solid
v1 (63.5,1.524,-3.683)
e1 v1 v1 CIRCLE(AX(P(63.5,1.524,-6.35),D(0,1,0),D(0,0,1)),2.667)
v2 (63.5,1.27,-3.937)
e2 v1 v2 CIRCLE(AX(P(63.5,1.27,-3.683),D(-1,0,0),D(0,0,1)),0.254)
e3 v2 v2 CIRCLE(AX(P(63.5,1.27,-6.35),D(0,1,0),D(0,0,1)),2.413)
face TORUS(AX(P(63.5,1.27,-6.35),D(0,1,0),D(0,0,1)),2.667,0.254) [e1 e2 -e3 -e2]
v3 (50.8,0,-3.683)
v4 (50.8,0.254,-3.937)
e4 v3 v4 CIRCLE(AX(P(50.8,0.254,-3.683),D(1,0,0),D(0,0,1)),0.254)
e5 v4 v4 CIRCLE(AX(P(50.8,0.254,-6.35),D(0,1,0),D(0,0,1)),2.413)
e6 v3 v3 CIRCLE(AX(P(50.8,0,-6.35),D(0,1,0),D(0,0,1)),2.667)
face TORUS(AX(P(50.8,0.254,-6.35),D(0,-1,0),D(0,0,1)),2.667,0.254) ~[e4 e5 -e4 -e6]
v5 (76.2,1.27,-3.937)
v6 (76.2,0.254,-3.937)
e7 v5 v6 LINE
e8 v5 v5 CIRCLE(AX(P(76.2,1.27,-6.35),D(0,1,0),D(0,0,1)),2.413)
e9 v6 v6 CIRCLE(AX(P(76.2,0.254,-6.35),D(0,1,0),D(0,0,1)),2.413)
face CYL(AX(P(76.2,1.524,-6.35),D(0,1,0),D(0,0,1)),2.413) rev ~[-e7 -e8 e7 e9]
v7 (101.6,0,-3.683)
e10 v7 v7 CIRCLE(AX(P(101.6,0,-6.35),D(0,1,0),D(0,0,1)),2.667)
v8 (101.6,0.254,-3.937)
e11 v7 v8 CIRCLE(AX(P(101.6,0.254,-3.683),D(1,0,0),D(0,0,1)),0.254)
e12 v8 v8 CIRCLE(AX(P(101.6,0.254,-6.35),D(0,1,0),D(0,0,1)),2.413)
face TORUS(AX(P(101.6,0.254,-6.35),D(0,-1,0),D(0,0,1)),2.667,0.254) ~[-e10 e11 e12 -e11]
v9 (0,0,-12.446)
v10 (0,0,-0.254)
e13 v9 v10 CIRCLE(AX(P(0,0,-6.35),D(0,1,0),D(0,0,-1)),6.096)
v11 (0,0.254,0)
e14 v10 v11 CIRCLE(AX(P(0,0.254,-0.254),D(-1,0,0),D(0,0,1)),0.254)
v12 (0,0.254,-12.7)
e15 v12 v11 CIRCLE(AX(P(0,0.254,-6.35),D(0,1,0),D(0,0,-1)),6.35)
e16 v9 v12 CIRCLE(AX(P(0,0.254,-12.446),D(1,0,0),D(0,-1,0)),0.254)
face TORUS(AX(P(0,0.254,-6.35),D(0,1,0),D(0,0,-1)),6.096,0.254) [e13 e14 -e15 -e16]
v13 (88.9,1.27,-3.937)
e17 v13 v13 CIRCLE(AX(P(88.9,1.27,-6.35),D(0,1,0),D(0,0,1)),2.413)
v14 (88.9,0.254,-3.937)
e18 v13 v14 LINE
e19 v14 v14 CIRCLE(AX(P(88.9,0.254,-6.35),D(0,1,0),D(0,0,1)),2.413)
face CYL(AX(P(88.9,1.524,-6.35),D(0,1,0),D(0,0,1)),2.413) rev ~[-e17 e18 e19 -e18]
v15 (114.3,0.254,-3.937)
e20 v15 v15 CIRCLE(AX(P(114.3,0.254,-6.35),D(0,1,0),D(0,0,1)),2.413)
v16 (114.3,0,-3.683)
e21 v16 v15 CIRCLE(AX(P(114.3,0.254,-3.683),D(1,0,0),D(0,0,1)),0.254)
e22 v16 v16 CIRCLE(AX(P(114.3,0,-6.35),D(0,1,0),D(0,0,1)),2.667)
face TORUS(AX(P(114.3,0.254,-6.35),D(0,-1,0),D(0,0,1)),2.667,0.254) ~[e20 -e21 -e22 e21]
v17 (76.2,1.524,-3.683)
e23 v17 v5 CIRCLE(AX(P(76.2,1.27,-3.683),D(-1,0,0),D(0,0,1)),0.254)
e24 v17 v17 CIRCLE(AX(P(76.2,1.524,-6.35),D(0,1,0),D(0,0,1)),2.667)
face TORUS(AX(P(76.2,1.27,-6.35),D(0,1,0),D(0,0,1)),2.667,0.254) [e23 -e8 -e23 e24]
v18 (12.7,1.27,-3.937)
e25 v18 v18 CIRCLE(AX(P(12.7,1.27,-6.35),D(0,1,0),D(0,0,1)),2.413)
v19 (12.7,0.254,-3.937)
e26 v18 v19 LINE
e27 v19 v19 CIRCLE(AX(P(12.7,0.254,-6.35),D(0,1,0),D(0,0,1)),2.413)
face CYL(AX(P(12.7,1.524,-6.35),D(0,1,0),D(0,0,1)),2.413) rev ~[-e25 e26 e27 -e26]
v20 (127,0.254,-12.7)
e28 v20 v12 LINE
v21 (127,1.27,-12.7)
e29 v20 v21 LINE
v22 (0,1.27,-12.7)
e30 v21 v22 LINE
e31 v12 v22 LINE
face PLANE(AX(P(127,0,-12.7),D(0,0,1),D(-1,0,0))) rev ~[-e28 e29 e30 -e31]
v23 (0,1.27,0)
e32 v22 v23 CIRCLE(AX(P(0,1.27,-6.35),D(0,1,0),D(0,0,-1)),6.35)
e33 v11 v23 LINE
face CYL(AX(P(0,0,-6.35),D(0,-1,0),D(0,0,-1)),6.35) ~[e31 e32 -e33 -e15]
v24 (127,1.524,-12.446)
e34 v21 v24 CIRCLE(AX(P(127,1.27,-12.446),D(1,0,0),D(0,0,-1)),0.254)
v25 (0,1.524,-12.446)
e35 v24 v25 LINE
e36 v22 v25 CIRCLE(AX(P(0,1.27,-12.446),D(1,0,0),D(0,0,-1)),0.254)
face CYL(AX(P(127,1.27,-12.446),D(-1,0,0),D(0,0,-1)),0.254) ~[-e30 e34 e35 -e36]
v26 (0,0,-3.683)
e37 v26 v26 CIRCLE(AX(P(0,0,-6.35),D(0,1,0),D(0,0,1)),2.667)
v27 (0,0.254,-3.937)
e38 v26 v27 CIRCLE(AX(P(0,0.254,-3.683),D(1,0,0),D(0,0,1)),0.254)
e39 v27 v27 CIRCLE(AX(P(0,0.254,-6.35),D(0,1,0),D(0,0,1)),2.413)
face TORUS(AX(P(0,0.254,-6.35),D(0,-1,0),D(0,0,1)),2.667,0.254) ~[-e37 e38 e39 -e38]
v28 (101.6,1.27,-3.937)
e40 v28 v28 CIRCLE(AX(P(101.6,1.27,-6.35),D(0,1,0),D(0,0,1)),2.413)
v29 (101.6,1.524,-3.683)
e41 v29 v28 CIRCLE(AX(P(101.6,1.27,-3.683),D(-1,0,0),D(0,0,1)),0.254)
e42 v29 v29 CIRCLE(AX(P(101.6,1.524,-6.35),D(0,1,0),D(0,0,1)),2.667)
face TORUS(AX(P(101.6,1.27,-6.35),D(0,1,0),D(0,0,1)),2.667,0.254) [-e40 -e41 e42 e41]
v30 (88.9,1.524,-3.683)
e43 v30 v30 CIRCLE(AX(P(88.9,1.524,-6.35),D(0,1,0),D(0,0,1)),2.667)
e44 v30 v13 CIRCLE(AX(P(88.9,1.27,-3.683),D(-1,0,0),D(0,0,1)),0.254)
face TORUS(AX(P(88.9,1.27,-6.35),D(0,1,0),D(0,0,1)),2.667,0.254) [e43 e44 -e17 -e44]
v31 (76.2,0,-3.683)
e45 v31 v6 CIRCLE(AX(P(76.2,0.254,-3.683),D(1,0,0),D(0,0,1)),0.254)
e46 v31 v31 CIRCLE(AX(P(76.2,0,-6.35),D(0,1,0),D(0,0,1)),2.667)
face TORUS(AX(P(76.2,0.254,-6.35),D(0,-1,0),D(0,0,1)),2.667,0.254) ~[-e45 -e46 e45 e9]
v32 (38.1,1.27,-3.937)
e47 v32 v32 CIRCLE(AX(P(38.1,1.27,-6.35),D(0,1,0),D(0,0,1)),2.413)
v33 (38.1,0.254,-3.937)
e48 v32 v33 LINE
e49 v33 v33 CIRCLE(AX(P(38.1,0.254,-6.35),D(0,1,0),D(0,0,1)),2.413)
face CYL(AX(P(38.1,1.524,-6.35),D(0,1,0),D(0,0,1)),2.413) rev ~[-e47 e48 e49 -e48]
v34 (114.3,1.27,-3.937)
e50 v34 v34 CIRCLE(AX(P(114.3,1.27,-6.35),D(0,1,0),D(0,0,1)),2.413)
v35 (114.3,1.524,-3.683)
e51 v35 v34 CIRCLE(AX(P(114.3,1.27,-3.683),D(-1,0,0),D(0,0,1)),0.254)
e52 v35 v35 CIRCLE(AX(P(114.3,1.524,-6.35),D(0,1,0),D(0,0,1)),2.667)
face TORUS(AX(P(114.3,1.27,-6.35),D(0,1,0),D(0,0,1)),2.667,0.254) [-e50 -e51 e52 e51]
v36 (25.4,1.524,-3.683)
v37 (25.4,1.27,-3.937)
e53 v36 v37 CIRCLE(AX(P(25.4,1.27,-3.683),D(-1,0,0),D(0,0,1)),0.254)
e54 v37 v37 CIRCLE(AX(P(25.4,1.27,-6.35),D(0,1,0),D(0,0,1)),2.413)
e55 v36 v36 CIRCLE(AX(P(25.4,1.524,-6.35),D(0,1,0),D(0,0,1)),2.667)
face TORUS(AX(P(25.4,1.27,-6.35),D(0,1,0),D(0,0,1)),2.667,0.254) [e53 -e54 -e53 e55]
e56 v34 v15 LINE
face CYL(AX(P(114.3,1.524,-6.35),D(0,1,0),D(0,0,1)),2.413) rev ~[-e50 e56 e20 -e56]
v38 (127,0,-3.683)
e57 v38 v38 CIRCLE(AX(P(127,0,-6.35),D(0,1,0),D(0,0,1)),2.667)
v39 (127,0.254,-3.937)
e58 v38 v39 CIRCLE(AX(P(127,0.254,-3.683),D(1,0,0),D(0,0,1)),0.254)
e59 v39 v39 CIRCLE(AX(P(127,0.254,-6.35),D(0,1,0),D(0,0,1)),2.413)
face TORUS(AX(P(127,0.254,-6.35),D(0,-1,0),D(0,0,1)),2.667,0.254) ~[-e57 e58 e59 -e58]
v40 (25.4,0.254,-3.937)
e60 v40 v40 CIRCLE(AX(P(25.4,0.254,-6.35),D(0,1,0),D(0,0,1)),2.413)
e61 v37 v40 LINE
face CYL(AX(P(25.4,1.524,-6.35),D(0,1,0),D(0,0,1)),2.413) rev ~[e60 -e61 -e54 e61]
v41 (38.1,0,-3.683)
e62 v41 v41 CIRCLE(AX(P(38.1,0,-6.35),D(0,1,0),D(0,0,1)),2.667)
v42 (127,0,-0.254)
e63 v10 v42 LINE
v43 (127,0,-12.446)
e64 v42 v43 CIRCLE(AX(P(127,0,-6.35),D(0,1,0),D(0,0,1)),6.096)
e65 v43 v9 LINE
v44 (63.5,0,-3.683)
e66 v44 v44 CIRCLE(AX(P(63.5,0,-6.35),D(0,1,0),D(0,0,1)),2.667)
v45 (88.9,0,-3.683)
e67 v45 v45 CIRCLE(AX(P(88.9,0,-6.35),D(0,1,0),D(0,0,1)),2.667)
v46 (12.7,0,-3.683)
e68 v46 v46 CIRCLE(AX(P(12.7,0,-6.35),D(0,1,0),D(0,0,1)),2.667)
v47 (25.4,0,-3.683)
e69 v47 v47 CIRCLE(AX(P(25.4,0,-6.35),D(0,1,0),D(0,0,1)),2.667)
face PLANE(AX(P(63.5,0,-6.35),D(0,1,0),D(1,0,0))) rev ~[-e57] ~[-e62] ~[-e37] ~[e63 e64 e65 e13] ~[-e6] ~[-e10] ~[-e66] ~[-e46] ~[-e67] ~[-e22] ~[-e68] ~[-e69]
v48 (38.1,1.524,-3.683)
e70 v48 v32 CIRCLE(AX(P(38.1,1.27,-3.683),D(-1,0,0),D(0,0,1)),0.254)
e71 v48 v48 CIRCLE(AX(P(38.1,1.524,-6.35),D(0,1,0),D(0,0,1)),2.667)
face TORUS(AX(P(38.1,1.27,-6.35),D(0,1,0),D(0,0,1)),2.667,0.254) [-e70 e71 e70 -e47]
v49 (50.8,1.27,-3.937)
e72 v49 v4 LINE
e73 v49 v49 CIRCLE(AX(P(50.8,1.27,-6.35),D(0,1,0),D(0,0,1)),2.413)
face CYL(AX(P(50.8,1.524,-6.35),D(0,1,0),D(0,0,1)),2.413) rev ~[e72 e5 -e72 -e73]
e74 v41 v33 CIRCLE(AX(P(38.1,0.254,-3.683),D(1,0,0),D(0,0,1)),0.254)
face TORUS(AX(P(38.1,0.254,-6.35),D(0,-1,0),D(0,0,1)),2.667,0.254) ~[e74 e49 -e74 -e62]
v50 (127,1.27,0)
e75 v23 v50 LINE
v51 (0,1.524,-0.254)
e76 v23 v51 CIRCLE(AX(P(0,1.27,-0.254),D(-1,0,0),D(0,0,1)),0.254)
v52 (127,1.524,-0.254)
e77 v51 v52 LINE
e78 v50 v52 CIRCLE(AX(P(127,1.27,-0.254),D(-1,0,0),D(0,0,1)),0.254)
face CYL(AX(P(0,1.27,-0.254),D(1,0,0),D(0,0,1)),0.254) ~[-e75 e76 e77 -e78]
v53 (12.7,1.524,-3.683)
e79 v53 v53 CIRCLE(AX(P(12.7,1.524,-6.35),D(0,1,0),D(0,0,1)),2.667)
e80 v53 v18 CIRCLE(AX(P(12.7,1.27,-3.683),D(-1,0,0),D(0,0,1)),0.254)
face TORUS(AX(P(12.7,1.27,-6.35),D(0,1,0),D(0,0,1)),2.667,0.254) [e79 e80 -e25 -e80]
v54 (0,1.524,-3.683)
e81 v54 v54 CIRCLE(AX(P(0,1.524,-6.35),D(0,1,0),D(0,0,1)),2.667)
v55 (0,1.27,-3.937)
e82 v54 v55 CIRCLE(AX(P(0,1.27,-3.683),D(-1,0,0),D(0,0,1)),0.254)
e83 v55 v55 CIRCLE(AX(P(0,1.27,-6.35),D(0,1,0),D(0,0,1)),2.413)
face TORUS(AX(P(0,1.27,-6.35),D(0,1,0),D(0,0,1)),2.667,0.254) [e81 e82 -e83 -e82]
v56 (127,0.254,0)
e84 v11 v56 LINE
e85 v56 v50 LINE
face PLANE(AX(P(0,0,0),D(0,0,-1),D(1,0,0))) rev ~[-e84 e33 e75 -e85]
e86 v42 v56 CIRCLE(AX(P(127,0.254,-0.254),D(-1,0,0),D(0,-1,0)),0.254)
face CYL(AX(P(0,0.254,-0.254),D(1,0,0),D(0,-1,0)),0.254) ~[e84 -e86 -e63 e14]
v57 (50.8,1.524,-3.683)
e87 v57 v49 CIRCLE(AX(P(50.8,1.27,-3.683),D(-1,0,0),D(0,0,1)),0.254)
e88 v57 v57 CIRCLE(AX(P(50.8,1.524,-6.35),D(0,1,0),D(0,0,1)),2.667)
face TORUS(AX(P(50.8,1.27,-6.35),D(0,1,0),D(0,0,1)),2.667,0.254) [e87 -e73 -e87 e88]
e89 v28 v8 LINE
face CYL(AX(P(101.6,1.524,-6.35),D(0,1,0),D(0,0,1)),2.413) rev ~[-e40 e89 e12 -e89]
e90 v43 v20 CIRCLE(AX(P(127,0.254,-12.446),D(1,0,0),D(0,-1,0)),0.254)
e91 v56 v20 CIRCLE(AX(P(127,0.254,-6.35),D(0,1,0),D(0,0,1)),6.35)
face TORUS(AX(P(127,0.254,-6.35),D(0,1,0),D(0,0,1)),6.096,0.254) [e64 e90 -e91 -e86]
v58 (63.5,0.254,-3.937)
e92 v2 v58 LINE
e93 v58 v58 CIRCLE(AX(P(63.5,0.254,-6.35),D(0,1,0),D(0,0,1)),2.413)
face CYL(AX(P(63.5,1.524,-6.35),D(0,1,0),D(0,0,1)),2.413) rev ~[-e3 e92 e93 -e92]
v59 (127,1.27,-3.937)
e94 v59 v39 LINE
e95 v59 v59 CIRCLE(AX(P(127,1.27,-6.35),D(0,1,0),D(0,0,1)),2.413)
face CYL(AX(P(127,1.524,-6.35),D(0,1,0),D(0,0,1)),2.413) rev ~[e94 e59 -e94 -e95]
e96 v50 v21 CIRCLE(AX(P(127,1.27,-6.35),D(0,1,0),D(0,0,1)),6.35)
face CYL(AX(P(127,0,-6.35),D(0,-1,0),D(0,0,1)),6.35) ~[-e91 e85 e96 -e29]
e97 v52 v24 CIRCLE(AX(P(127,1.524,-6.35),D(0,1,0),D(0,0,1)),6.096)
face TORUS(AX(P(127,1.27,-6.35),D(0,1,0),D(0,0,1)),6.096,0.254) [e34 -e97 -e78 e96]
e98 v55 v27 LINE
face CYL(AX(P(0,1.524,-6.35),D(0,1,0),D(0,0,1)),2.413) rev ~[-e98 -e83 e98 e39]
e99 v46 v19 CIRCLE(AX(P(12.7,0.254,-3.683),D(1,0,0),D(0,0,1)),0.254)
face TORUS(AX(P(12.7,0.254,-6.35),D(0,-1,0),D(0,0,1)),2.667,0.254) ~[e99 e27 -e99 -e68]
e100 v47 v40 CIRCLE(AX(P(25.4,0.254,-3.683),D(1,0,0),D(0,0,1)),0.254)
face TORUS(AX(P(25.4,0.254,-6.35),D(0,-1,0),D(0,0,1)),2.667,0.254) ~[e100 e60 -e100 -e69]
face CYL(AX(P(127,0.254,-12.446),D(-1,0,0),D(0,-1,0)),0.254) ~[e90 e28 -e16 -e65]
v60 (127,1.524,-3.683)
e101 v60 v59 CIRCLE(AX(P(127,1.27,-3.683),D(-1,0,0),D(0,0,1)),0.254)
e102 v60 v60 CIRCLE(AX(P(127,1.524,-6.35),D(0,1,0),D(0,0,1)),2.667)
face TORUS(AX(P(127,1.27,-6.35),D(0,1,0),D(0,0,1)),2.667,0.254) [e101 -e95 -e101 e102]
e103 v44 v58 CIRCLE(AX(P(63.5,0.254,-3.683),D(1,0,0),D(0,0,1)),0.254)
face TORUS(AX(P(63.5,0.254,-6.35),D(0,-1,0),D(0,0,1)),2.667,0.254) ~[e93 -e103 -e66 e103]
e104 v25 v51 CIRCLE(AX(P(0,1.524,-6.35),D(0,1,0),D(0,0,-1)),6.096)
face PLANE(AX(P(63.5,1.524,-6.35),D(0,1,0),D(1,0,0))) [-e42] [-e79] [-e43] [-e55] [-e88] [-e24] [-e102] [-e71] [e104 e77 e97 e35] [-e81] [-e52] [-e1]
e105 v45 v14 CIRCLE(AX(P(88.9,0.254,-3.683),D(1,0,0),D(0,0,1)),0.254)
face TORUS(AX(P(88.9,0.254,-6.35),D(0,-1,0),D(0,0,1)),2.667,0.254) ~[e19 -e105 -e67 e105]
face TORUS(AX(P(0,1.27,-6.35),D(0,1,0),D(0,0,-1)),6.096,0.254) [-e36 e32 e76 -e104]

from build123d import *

# Parameters (mm, degrees)
EXTRUDE1_DEPTH     = 1.524
SKETCH2_R          = 2.413
CUT_EXTRUDE1_DEPTH = 134.96206581
LPATTERN1_COUNT    = 11
LPATTERN1_PITCH    = 12.7
FILLET1_R          = 0.254


with BuildPart() as part:
    # Sketch1 → Extrude1 (new body)
    with BuildSketch(Plane(origin=(0, 0, 0), x_dir=(1, 0, 0), z_dir=(0, 1, 0))):
        with BuildLine():
            Line((0, 0), (127, 0))
            ThreePointArc((127, 0), (133.35, 6.35), (127, 12.7))
            Line((127, 12.7), (0, 12.7))
            ThreePointArc((0, 12.7), (-6.35, 6.35), (0, 0))
        make_face()
    extrude(amount=EXTRUDE1_DEPTH)

    # Sketch2 → Cut-Extrude1 (cut, through all)
    with BuildSketch(Plane(origin=(0, 1.524, 0), x_dir=(-1, 0, 0), z_dir=(0, 1, 0))):
        with Locations(Location((0, -6.35, 0), (0, 0, 90))):
            Circle(SKETCH2_R)
    cut_extrude1 = extrude(amount=-CUT_EXTRUDE1_DEPTH, mode=Mode.SUBTRACT)

    # LPattern1: Cut-Extrude1 ×11
    with Locations(*[(i * LPATTERN1_PITCH, 0, 0) for i in range(1, LPATTERN1_COUNT)]):
        add(cut_extrude1, mode=Mode.SUBTRACT)

    # Fillet1
    fillet1_edges = [part.edges().sort_by_distance(p)[0] for p in [
        (133.35, 1.524, -6.35),
        (63.5, 1.524, -12.7),
        (0, 0, -8.763),
        (0, 1.524, -8.763),
        (12.7, 0, -8.763),
        (12.7, 1.524, -8.763),
        (25.4, 0, -8.763),
        (25.4, 1.524, -8.763),
        (38.1, 0, -8.763),
        (38.1, 1.524, -8.763),
        (50.8, 0, -8.763),
        (50.8, 1.524, -8.763),
        (63.5, 0, -8.763),
        (63.5, 1.524, -8.763),
        (76.2, 0, -8.763),
        (76.2, 1.524, -8.763),
        (-6.35, 1.524, -6.35),
        (63.5, 0, -12.7),
        (88.9, 0, -8.763),
        (88.9, 1.524, -8.763),
        (133.35, 0, -6.35),
        (101.6, 0, -8.763),
        (101.6, 1.524, -8.763),
        (63.5, 0, 0),
        (114.3, 0, -8.763),
        (114.3, 1.524, -8.763),
        (127, 0, -8.763),
        (-6.35, 0, -6.35),
        (127, 1.524, -8.763),
        (63.5, 1.524, 0),
    ]]
    fillet(fillet1_edges, radius=FILLET1_R)


solid = part.part
